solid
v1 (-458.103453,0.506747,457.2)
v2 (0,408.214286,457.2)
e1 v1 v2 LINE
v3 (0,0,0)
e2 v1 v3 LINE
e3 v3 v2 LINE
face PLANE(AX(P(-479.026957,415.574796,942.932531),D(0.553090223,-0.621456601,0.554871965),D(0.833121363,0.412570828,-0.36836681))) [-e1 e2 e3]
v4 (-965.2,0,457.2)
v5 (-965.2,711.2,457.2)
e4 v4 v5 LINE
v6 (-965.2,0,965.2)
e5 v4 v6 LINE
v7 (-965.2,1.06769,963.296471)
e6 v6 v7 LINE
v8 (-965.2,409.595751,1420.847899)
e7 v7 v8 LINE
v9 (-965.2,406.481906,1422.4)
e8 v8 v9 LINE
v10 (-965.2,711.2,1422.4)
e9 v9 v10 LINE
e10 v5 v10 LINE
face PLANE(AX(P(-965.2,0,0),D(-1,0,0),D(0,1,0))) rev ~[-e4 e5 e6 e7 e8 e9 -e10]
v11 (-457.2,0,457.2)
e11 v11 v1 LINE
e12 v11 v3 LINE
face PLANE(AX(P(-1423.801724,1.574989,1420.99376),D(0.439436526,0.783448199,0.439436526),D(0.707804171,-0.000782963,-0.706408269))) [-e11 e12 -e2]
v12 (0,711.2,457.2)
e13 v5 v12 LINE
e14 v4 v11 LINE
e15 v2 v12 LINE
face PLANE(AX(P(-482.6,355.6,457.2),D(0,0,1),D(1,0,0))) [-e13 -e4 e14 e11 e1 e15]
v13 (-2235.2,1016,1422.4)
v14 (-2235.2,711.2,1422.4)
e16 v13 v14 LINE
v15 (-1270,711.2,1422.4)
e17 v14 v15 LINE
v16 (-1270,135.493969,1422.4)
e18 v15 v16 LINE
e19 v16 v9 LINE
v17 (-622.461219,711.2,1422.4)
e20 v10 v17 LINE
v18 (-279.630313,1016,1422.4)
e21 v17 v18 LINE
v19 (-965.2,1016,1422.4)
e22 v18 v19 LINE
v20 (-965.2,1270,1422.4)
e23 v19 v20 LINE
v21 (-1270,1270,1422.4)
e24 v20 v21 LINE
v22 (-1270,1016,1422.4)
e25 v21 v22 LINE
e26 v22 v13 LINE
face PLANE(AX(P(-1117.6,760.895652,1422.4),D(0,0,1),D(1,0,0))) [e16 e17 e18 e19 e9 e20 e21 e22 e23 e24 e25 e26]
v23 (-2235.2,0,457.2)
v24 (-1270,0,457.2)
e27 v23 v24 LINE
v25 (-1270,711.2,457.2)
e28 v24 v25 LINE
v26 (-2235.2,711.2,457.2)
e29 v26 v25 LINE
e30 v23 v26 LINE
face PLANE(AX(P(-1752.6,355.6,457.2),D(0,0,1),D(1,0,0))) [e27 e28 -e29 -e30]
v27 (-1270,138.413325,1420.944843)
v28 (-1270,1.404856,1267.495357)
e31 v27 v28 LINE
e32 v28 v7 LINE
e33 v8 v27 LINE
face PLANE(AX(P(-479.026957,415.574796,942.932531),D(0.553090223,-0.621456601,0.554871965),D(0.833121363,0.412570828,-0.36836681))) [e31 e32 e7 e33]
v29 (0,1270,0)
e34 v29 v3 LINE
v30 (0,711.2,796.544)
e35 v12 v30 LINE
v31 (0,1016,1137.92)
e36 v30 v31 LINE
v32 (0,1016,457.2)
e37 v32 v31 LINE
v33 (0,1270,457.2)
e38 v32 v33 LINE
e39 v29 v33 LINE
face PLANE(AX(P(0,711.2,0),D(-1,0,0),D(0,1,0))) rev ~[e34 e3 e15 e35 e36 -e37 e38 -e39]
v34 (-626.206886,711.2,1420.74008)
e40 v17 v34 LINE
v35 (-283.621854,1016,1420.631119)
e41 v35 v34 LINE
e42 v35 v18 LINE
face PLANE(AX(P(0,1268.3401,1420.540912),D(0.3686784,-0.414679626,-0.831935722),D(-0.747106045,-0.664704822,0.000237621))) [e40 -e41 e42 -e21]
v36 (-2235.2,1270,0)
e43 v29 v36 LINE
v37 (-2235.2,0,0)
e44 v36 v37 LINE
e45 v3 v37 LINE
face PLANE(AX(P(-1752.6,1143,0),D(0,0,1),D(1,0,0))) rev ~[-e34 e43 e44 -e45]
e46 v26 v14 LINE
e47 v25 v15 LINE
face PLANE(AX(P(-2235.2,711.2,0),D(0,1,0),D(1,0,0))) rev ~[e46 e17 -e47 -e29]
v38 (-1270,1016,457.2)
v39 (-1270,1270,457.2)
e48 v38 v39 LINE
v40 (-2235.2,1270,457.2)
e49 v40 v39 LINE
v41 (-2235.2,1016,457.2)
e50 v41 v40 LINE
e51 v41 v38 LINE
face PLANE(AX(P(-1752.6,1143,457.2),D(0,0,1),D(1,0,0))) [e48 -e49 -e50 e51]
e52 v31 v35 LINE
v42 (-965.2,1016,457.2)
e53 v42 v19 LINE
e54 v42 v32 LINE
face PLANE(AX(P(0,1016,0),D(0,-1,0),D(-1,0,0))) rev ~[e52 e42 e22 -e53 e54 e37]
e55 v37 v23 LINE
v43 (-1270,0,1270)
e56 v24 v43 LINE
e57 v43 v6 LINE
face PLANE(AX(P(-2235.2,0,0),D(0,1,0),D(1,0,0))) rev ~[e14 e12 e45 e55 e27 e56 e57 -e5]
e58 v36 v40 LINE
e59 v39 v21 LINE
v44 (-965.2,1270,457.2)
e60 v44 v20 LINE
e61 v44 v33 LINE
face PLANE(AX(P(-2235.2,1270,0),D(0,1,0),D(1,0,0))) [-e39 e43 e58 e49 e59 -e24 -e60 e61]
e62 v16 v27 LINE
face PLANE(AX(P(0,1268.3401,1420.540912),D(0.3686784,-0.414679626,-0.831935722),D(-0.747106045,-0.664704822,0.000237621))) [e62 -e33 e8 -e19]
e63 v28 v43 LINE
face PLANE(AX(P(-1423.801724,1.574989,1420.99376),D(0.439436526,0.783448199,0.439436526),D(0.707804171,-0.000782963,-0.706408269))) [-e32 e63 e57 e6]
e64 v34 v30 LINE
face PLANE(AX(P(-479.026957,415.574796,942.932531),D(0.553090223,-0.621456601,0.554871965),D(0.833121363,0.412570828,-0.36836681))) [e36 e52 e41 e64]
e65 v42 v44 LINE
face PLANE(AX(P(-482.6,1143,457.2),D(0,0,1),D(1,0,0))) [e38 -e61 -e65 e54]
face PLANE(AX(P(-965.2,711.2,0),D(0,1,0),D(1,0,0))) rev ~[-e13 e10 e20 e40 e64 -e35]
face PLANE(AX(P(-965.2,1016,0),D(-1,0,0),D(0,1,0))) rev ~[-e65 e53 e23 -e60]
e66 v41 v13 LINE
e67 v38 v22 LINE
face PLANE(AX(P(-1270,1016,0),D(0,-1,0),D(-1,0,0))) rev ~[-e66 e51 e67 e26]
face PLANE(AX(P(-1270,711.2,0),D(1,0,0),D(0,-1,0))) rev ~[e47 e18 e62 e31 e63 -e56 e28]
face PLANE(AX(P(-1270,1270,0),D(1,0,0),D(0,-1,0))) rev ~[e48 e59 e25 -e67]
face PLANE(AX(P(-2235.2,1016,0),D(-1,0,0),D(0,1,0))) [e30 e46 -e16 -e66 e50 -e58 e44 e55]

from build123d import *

# Parameters (mm, degrees)
F1_DEPTH = 1422.4
F0_W     = 965.2
F0_H     = 254
F0_H_2   = 711.2
F2_DEPTH = 457.2
F8_DEPTH = 508


with BuildPart() as f1:
    # F0 (on Top) → F1 (new body)
    with BuildSketch(Plane.XY):
        Polygon((-1270, 0), (-965.2, 0), (-965.2, 711.2), (0, 711.2), (0, 1016), (-965.2, 1016), (-965.2, 1270), (-1270, 1270), (-1270, 1016), (-2235.2, 1016), (-2235.2, 711.2), (-1270, 711.2), align=None)
    extrude(amount=F1_DEPTH)

    # F0 (on Top) → F2 (join)
    with BuildSketch(Plane.XY):
        with Locations((-1752.6, 1143)):
            Rectangle(F0_W, F0_H)
        with Locations((-482.6, 1143)):
            Rectangle(F0_W, F0_H)
        with Locations((-1752.6, 355.6)):
            Rectangle(F0_W, F0_H_2)
        with Locations((-482.6, 355.6)):
            Rectangle(F0_W, F0_H_2)
    extrude(amount=F2_DEPTH)

    # F7 (on 3pt) → F8 (cut)
    with BuildSketch(Plane(origin=(0, 0, 0), x_dir=(0.8331213628, 0.4125708276, -0.3683668104), z_dir=(0.553090223, -0.6214566012, 0.5548719654))):
        Polygon((0, 0), (0, 1904.3694734573), (-1708.9967775732, 1061.0217298967), align=None)
    extrude(amount=F8_DEPTH, mode=Mode.SUBTRACT)


solid = f1.part
